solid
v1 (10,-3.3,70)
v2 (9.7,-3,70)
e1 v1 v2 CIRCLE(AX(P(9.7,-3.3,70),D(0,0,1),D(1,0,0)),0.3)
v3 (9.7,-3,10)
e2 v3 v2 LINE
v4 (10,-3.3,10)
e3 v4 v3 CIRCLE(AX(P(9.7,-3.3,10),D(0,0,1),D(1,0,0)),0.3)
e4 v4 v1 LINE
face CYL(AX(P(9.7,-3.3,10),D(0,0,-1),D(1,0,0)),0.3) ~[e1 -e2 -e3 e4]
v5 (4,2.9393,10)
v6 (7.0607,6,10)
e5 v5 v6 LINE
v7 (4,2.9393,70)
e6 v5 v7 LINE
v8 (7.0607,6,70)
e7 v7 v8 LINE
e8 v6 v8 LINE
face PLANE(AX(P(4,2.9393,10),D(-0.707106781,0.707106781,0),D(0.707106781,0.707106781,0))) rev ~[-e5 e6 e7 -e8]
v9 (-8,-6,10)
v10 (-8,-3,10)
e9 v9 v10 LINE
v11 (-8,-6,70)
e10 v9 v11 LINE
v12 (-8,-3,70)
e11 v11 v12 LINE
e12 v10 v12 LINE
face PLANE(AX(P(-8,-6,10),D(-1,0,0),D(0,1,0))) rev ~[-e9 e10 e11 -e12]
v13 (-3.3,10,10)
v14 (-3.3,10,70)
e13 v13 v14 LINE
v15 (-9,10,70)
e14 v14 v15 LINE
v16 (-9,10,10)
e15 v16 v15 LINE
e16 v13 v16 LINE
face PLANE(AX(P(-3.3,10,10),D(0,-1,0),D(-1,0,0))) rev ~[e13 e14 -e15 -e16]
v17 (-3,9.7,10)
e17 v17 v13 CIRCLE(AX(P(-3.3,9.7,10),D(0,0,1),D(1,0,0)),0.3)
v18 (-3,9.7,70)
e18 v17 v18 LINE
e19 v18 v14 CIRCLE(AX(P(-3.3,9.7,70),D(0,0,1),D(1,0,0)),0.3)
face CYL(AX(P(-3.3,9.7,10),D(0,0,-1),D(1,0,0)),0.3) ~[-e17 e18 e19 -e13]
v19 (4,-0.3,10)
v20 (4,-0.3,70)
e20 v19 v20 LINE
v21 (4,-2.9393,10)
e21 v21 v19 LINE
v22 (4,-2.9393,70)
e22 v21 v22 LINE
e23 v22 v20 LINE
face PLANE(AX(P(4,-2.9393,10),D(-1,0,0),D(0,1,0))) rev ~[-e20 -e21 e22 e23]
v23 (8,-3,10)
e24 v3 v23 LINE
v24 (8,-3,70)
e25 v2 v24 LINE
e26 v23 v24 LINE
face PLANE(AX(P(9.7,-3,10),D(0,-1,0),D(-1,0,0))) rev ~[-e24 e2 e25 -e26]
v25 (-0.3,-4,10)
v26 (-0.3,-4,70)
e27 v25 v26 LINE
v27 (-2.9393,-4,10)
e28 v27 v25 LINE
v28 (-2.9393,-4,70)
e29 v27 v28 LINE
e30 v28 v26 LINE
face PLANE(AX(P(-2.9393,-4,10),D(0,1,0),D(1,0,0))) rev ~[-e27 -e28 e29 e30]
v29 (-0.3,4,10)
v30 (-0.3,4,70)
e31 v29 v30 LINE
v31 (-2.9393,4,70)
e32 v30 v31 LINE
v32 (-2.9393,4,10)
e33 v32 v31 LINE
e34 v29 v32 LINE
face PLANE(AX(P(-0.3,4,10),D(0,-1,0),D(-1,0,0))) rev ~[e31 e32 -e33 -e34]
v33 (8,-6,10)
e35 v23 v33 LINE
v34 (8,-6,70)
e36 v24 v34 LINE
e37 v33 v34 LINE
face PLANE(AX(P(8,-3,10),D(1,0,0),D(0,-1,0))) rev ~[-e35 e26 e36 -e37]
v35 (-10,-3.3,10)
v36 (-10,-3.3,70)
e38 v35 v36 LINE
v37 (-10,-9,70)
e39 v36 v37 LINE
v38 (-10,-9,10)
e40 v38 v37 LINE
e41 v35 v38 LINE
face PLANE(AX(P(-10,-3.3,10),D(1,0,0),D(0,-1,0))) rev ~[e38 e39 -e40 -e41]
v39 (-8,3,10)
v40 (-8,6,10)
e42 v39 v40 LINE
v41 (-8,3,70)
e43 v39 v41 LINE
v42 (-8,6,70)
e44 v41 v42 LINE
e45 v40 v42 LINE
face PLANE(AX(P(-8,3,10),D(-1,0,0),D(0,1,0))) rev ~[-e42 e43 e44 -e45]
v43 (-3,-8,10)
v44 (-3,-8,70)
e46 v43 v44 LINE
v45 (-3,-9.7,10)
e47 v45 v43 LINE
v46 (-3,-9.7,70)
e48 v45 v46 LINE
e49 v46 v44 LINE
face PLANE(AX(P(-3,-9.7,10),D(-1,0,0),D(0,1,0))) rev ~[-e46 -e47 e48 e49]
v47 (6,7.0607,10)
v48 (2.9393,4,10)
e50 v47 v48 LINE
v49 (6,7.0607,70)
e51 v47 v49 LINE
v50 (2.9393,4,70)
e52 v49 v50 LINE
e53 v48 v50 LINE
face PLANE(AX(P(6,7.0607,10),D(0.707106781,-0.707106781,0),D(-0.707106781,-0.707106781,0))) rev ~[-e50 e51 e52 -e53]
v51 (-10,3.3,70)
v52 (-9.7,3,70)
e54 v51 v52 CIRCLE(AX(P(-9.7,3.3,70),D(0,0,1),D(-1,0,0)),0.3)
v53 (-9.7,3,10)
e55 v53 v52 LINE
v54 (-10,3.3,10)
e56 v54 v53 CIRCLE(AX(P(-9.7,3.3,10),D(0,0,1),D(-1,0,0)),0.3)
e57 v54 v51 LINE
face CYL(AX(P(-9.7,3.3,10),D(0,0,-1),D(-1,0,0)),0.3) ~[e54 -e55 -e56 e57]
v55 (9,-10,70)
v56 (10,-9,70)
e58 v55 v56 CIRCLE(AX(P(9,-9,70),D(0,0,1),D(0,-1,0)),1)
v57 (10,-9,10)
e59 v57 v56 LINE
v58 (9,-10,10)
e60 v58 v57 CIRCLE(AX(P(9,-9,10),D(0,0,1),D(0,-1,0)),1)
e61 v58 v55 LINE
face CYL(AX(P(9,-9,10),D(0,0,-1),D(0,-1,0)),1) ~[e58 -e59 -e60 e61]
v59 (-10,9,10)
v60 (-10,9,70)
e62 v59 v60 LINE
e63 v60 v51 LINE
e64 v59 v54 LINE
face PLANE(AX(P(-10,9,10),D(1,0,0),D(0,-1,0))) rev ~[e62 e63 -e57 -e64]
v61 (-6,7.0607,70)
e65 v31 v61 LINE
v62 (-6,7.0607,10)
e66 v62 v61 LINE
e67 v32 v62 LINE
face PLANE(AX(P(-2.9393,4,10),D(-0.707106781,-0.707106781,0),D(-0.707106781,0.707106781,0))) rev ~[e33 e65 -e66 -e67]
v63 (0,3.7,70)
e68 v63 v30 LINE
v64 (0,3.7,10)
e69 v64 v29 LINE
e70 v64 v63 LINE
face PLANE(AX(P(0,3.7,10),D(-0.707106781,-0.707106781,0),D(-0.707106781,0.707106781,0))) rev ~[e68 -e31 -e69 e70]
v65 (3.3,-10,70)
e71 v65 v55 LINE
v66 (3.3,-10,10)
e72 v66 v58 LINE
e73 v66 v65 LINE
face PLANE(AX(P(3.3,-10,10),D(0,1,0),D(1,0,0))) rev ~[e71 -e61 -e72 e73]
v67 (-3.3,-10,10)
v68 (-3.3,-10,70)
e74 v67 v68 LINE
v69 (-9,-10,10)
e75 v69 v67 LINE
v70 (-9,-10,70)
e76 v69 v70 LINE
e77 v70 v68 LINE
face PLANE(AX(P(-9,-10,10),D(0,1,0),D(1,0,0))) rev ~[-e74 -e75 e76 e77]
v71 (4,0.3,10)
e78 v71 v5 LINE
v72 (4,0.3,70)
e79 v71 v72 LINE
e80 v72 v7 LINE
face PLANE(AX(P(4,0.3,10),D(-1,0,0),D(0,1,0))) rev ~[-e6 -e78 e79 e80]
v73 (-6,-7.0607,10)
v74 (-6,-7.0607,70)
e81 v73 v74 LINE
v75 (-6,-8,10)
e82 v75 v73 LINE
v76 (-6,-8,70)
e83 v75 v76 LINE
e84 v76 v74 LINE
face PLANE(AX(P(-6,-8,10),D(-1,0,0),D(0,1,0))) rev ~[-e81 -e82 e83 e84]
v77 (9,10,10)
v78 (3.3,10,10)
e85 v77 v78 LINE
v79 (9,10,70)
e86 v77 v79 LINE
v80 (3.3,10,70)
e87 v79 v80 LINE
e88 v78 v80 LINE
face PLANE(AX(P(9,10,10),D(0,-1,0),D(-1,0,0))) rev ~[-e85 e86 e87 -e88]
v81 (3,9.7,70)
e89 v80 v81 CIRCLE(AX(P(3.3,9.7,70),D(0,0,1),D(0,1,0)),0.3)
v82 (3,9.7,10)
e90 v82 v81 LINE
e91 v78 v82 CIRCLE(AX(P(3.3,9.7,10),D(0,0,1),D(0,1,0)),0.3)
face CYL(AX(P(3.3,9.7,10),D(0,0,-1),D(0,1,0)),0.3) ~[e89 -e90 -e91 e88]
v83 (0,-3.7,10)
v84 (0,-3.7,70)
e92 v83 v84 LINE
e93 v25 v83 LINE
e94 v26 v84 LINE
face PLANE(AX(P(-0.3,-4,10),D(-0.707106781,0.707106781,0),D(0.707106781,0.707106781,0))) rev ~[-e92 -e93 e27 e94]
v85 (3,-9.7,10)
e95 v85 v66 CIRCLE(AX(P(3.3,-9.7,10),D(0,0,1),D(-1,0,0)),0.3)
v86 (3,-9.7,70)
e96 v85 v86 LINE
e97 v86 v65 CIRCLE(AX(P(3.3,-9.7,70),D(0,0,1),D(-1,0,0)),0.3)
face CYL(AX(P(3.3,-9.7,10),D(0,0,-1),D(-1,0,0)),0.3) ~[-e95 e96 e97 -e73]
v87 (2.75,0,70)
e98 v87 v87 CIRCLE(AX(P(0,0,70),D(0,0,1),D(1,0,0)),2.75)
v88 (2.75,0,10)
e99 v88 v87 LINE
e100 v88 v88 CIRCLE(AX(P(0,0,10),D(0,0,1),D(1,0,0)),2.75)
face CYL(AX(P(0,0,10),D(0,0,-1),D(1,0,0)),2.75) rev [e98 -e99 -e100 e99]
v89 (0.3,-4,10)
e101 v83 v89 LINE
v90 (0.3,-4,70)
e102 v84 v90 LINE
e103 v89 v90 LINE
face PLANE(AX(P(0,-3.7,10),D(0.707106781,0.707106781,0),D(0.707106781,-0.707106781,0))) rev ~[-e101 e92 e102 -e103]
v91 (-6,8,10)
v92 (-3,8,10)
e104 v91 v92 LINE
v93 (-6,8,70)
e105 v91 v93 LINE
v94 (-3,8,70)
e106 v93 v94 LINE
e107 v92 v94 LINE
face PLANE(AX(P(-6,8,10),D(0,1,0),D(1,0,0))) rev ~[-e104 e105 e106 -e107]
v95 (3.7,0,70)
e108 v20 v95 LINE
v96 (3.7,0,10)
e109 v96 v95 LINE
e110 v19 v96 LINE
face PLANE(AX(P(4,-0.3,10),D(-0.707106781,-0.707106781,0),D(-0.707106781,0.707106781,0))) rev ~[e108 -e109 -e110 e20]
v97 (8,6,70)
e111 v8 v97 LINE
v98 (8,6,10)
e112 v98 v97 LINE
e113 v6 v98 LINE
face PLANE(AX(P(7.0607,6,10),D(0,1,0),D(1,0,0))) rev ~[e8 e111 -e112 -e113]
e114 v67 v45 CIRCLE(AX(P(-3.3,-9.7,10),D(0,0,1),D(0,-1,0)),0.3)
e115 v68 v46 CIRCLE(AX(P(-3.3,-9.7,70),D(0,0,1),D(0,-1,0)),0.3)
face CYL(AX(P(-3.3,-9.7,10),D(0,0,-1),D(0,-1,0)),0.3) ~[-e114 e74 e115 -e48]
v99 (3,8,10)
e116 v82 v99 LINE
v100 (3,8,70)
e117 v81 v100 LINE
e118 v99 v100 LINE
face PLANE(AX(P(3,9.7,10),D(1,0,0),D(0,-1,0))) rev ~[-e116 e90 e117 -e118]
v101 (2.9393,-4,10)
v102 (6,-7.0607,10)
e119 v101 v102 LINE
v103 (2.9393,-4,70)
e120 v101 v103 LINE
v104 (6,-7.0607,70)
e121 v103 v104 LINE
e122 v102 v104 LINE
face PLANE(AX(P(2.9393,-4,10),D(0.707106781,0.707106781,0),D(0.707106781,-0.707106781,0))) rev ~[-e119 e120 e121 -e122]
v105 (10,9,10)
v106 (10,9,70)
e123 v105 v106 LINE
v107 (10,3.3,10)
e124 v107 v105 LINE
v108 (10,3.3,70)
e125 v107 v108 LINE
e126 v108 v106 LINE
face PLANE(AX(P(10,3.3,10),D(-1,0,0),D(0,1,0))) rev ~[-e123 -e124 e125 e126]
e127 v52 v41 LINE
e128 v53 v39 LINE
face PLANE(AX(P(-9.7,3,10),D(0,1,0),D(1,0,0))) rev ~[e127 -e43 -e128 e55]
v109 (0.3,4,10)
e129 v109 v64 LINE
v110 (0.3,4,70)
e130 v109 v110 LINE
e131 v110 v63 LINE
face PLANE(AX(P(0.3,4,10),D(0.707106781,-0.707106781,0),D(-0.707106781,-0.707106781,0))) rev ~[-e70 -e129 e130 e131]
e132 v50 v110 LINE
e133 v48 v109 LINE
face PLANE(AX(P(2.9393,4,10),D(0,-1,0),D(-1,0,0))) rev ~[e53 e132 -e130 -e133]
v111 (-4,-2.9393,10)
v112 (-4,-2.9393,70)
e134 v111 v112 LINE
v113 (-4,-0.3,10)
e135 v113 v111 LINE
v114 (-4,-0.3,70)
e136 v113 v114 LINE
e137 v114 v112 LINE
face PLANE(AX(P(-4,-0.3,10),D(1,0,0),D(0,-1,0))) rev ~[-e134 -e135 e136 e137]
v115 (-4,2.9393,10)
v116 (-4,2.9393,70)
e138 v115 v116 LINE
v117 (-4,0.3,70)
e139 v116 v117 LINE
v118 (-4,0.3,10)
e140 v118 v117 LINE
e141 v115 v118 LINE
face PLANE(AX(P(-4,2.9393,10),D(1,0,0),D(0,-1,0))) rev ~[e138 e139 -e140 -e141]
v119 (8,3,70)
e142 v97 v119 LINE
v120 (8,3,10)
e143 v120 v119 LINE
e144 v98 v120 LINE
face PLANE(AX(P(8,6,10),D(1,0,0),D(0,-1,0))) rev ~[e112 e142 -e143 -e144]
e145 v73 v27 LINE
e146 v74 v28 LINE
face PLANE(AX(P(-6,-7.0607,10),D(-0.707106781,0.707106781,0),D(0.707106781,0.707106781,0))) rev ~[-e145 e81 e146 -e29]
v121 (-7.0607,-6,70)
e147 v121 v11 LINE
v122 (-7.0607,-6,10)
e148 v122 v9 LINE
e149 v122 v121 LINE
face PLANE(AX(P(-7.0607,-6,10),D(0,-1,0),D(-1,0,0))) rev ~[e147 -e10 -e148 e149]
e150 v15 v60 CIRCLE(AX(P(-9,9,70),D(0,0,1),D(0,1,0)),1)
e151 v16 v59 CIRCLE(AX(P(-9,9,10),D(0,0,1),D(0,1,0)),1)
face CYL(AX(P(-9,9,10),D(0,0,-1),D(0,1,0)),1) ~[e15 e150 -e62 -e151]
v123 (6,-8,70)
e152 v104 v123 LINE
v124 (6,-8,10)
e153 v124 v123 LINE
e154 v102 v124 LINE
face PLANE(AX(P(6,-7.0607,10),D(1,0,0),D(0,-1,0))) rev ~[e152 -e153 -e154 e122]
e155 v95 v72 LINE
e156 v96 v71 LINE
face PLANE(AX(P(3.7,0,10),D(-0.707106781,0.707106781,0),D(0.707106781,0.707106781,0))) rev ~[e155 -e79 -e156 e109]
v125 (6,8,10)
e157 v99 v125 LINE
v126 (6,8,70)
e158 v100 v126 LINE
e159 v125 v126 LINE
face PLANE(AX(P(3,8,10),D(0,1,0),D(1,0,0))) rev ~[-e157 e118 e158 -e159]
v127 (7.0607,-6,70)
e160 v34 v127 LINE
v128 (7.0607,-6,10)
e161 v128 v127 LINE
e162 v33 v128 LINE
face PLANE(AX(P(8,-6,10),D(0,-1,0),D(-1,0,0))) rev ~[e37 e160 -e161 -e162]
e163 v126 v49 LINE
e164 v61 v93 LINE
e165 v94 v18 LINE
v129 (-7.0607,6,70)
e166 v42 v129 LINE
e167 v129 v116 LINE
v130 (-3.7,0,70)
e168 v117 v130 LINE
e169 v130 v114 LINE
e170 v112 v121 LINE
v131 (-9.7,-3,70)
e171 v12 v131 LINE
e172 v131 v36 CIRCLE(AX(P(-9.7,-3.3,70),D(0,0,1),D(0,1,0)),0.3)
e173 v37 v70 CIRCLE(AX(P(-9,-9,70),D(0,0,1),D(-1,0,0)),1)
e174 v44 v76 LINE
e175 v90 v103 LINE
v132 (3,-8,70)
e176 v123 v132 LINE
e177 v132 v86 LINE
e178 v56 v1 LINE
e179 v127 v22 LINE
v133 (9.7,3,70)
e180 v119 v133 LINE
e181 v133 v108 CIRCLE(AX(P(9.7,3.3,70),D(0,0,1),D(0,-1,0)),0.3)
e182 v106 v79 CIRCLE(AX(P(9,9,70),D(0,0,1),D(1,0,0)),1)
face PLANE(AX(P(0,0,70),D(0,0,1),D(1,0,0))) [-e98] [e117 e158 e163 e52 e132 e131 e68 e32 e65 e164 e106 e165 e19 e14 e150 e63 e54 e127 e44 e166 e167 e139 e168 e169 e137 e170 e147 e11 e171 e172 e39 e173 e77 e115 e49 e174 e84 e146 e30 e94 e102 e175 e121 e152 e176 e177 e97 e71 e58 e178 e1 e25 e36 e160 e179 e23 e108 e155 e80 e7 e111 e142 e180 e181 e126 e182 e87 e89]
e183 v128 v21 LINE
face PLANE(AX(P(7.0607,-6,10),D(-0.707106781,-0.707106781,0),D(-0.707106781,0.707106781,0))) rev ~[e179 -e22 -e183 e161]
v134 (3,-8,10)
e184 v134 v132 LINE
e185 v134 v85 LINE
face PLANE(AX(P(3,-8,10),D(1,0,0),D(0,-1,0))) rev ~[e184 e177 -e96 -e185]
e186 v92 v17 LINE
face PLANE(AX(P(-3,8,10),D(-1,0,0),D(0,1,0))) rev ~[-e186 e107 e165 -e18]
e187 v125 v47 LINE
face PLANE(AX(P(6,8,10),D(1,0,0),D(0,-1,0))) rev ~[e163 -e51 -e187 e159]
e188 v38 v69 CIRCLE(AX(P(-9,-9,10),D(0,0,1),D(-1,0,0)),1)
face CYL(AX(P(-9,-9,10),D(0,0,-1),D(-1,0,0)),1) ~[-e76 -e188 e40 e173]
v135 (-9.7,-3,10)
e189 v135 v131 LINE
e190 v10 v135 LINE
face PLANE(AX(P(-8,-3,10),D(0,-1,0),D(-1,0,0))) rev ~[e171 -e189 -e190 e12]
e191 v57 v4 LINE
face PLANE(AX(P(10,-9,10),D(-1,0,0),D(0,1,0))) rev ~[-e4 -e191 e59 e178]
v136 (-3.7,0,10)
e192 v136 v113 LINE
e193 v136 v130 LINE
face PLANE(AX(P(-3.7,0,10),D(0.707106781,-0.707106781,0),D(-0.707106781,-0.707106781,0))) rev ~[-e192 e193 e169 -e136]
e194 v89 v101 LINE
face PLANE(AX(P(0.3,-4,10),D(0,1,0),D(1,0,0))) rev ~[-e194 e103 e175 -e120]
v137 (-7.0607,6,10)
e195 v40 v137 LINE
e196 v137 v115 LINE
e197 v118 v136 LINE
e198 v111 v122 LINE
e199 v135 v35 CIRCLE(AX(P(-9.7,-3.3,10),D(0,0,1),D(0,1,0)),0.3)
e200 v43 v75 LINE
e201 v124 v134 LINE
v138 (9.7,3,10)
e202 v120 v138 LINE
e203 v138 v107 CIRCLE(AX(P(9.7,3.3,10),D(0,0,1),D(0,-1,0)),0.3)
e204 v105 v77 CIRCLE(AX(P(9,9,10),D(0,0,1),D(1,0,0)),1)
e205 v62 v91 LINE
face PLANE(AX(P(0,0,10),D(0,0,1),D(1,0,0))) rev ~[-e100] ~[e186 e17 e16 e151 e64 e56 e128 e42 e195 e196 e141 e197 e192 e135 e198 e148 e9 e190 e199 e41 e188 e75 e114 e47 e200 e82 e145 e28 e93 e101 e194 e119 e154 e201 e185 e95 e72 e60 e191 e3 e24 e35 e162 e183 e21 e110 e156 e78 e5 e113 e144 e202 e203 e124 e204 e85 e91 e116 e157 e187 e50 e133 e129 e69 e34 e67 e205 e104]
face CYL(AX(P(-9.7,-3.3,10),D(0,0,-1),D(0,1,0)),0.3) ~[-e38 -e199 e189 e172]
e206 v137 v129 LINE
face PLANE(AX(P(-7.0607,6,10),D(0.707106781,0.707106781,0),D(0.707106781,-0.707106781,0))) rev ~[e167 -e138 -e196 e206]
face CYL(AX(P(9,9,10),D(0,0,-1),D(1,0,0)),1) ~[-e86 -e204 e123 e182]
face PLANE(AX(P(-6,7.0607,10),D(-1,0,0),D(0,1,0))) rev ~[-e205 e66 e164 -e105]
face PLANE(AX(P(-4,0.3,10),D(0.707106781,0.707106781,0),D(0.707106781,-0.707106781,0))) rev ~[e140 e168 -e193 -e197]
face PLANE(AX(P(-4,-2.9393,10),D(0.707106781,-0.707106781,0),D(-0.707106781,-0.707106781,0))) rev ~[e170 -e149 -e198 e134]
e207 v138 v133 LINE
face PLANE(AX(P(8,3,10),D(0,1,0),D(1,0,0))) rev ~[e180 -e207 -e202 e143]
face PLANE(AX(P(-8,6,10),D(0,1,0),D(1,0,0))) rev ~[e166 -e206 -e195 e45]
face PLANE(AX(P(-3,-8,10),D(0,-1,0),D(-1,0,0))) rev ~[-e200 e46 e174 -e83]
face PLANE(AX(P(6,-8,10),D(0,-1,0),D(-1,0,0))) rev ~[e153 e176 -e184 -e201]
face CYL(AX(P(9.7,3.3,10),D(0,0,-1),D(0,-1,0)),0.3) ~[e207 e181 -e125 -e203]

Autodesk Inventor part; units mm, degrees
ref_plane "Startebene" through (0, 0, 0) normal (0, 0, 1) x (1, 0, 0)
ref_plane "Endebene" through (0, 0, 320) normal (0, 0, 1) x (1, 0, 0)
ref_plane "Startebene1" through (0, 0, 0) normal (0, 0, 1) x (1, 0, 0)
ref_plane "Endebene1" through (0, 0, 80) normal (0, 0, 1) x (1, 0, 0)
ref_plane "Startebene2" through (0, 0, 10) normal (0, 0, 1) x (1, 0, 0)
ref_plane "Endebene2" through (0, 0, 70) normal (0, 0, 1) x (1, 0, 0)
sketch "Skizze" plane through (0, 0, 0) normal (0, 0, 1) x (1, 0, 0)
  line L0 (-10, 9) -> (-10, 3.3)
  arc A0 (-10, 3.3) -> (-9.7, 3) centre (-9.7, 3.3) ccw
  line L1 (-9.7, 3) -> (-8, 3)
  line L2 (-8, 3) -> (-8, 6)
  line L3 (-8, 6) -> (-7.0607, 6)
  line L4 (-7.0607, 6) -> (-4, 2.9393)
  line L5 (-4, 2.9393) -> (-4, 0.3)
  line L6 (-4, 0.3) -> (-3.7, 0)
  line L7 (-3.7, 0) -> (-4, -0.3)
  line L8 (-4, -0.3) -> (-4, -2.9393)
  line L9 (-4, -2.9393) -> (-7.0607, -6)
  line L10 (-7.0607, -6) -> (-8, -6)
  line L11 (-8, -6) -> (-8, -3)
  line L12 (-8, -3) -> (-9.7, -3)
  arc A1 (-9.7, -3) -> (-10, -3.3) centre (-9.7, -3.3) ccw
  line L13 (-10, -3.3) -> (-10, -9)
  arc A2 (-10, -9) -> (-9, -10) centre (-9, -9) ccw
  line L14 (-9, -10) -> (-3.3, -10)
  arc A3 (-3.3, -10) -> (-3, -9.7) centre (-3.3, -9.7) ccw
  line L15 (-3, -9.7) -> (-3, -8)
  line L16 (-3, -8) -> (-6, -8)
  line L17 (-6, -8) -> (-6, -7.0607)
  line L18 (-6, -7.0607) -> (-2.9393, -4)
  line L19 (-2.9393, -4) -> (-0.3, -4)
  line L20 (-0.3, -4) -> (0, -3.7)
  line L21 (0, -3.7) -> (0.3, -4)
  line L22 (0.3, -4) -> (2.9393, -4)
  line L23 (2.9393, -4) -> (6, -7.0607)
  line L24 (6, -7.0607) -> (6, -8)
  line L25 (6, -8) -> (3, -8)
  line L26 (3, -8) -> (3, -9.7)
  arc A4 (3, -9.7) -> (3.3, -10) centre (3.3, -9.7) ccw
  line L27 (3.3, -10) -> (9, -10)
  arc A5 (9, -10) -> (10, -9) centre (9, -9) ccw
  line L28 (10, -9) -> (10, -3.3)
  arc A6 (10, -3.3) -> (9.7, -3) centre (9.7, -3.3) ccw
  line L29 (9.7, -3) -> (8, -3)
  line L30 (8, -3) -> (8, -6)
  line L31 (8, -6) -> (7.0607, -6)
  line L32 (7.0607, -6) -> (4, -2.9393)
  line L33 (4, -2.9393) -> (4, -0.3)
  line L34 (4, -0.3) -> (3.7, 0)
  line L35 (3.7, 0) -> (4, 0.3)
  line L36 (4, 0.3) -> (4, 2.9393)
  line L37 (4, 2.9393) -> (7.0607, 6)
  line L38 (7.0607, 6) -> (8, 6)
  line L39 (8, 6) -> (8, 3)
  line L40 (8, 3) -> (9.7, 3)
  arc A7 (9.7, 3) -> (10, 3.3) centre (9.7, 3.3) ccw
  line L41 (10, 3.3) -> (10, 9)
  arc A8 (10, 9) -> (9, 10) centre (9, 9) ccw
  line L42 (9, 10) -> (3.3, 10)
  arc A9 (3.3, 10) -> (3, 9.7) centre (3.3, 9.7) ccw
  line L43 (3, 9.7) -> (3, 8)
  line L44 (3, 8) -> (6, 8)
  line L45 (6, 8) -> (6, 7.0607)
  line L46 (6, 7.0607) -> (2.9393, 4)
  line L47 (2.9393, 4) -> (0.3, 4)
  line L48 (0.3, 4) -> (0, 3.7)
  line L49 (0, 3.7) -> (-0.3, 4)
  line L50 (-0.3, 4) -> (-2.9393, 4)
  line L51 (-2.9393, 4) -> (-6, 7.0607)
  line L52 (-6, 7.0607) -> (-6, 8)
  line L53 (-6, 8) -> (-3, 8)
  line L54 (-3, 8) -> (-3, 9.7)
  arc A10 (-3, 9.7) -> (-3.3, 10) centre (-3.3, 9.7) ccw
  line L55 (-3.3, 10) -> (-9, 10)
  arc A11 (-9, 10) -> (-10, 9) centre (-9, 9) ccw
  circle A12 centre (0, 0) radius 2.75
  dimension "d2" = 5.5
  dimension "d3" = 10
  dimension "d4" = 10
  dimension "d5" = 5.7
  dimension "d6" = 5.7
  dimension "d7" = 1.7
  dimension "d8" = 3
  dimension "d9" = 0.3
  dimension "d10" = 90
  dimension "d11" = 45
  dimension "d12" = 45
  dimension "d13" = 45
  dimension "d14" = 90
  dimension "d15" = 90
  dimension "d16" = 45
  dimension "d17" = 45
  dimension "d18" = 45
  dimension "d19" = 45
  dimension "d20" = 90
  dimension "d21" = 90
  dimension "d22" = 45
  dimension "d23" = 45
  dimension "d24" = 90
  dimension "d25" = 90
  dimension "d26" = 90
  dimension "d27" = 90
  dimension "d28" = 90
  dimension "d29" = 90
  dimension "d30" = 90
  dimension "d31" = 90
  dimension "d32" = 90
  dimension "d33" = 90
  dimension "d34" = 90
  dimension "d35" = 90
  dimension "d36" = 90
  dimension "d37" = 90
  dimension "d38" = 90
  dimension "d39" = 4
  dimension "d40" = 6
  dimension "d41" = 13
  dimension "d42" = 14
  dimension "d43" = 16
  dimension "d44" = 18
  dimension "d45" = 3
  dimension "d46" = 9
  dimension "d47" = 7
  dimension "d48" = 1
  dimension "d49" = 7
  dimension "d50" = 1.5
  dimension "d51" = 1.8663
  dimension "d52" = 3.3663
  dimension "d53" = 1.5
  dimension "d54" = 1.8663
  dimension "d55" = 3.3663
  dimension "d56" = 4
  dimension "d57" = 10.8187
  dimension "d58" = 1.9092
  dimension "d59" = 5
  dimension "d60" = 13
  dimension "d61" = 13
  dimension "d62" = 16.0513
  dimension "d63" = 3.3234
  dimension "d64" = 14
  dimension "d65" = 12.685
extrude "Körper" add sketch "Skizze" along normal up to surface (60 mm away) from surface at 10
sketch "Skizze13" plane through (0, 0, 0) normal (0, 0, 1) x (1, 0, 0)
  line L0 (0, 0) -> (10, 0)
ref_plane "Arbeitsebene12" through (0, 0, 0) normal (0, -1, 0) x (1, 0, 0)
sketch "Skizze14" plane through (0, 0, 0) normal (0, -1, 0) x (1, 0, 0)
  line L0 (-2, 10) -> (12, 10)
  line L1 (-2, 70) -> (12, 70)
  dimension "d80" = 60
ref_plane "Arbeitsebene13" through (9, -80, 70) normal (0, 0, 1) x (1, 0, 0)
split "Trennen1" plane through (9, -80, 70) removes the side toward (0, 0, 1)
ref_plane "Arbeitsebene14" through (3.3, -80, 10) normal (0, 0, -1) x (-1, 0, 0)
split "Trennen2" plane through (3.3, -80, 10) removes the side toward (0, 0, -1)
equation "\"G_OFFSET_START\" = 0"
equation "\"G_OFFSET_END\" = 0"
equation "\"G_L\" = d80"
equation "\"G_OFFSET_START1\" = 0"
equation "\"G_OFFSET_END1\" = 0"
properties part number "Alu Profil 20x20 - AP2020" material "Aluminium 6061"
